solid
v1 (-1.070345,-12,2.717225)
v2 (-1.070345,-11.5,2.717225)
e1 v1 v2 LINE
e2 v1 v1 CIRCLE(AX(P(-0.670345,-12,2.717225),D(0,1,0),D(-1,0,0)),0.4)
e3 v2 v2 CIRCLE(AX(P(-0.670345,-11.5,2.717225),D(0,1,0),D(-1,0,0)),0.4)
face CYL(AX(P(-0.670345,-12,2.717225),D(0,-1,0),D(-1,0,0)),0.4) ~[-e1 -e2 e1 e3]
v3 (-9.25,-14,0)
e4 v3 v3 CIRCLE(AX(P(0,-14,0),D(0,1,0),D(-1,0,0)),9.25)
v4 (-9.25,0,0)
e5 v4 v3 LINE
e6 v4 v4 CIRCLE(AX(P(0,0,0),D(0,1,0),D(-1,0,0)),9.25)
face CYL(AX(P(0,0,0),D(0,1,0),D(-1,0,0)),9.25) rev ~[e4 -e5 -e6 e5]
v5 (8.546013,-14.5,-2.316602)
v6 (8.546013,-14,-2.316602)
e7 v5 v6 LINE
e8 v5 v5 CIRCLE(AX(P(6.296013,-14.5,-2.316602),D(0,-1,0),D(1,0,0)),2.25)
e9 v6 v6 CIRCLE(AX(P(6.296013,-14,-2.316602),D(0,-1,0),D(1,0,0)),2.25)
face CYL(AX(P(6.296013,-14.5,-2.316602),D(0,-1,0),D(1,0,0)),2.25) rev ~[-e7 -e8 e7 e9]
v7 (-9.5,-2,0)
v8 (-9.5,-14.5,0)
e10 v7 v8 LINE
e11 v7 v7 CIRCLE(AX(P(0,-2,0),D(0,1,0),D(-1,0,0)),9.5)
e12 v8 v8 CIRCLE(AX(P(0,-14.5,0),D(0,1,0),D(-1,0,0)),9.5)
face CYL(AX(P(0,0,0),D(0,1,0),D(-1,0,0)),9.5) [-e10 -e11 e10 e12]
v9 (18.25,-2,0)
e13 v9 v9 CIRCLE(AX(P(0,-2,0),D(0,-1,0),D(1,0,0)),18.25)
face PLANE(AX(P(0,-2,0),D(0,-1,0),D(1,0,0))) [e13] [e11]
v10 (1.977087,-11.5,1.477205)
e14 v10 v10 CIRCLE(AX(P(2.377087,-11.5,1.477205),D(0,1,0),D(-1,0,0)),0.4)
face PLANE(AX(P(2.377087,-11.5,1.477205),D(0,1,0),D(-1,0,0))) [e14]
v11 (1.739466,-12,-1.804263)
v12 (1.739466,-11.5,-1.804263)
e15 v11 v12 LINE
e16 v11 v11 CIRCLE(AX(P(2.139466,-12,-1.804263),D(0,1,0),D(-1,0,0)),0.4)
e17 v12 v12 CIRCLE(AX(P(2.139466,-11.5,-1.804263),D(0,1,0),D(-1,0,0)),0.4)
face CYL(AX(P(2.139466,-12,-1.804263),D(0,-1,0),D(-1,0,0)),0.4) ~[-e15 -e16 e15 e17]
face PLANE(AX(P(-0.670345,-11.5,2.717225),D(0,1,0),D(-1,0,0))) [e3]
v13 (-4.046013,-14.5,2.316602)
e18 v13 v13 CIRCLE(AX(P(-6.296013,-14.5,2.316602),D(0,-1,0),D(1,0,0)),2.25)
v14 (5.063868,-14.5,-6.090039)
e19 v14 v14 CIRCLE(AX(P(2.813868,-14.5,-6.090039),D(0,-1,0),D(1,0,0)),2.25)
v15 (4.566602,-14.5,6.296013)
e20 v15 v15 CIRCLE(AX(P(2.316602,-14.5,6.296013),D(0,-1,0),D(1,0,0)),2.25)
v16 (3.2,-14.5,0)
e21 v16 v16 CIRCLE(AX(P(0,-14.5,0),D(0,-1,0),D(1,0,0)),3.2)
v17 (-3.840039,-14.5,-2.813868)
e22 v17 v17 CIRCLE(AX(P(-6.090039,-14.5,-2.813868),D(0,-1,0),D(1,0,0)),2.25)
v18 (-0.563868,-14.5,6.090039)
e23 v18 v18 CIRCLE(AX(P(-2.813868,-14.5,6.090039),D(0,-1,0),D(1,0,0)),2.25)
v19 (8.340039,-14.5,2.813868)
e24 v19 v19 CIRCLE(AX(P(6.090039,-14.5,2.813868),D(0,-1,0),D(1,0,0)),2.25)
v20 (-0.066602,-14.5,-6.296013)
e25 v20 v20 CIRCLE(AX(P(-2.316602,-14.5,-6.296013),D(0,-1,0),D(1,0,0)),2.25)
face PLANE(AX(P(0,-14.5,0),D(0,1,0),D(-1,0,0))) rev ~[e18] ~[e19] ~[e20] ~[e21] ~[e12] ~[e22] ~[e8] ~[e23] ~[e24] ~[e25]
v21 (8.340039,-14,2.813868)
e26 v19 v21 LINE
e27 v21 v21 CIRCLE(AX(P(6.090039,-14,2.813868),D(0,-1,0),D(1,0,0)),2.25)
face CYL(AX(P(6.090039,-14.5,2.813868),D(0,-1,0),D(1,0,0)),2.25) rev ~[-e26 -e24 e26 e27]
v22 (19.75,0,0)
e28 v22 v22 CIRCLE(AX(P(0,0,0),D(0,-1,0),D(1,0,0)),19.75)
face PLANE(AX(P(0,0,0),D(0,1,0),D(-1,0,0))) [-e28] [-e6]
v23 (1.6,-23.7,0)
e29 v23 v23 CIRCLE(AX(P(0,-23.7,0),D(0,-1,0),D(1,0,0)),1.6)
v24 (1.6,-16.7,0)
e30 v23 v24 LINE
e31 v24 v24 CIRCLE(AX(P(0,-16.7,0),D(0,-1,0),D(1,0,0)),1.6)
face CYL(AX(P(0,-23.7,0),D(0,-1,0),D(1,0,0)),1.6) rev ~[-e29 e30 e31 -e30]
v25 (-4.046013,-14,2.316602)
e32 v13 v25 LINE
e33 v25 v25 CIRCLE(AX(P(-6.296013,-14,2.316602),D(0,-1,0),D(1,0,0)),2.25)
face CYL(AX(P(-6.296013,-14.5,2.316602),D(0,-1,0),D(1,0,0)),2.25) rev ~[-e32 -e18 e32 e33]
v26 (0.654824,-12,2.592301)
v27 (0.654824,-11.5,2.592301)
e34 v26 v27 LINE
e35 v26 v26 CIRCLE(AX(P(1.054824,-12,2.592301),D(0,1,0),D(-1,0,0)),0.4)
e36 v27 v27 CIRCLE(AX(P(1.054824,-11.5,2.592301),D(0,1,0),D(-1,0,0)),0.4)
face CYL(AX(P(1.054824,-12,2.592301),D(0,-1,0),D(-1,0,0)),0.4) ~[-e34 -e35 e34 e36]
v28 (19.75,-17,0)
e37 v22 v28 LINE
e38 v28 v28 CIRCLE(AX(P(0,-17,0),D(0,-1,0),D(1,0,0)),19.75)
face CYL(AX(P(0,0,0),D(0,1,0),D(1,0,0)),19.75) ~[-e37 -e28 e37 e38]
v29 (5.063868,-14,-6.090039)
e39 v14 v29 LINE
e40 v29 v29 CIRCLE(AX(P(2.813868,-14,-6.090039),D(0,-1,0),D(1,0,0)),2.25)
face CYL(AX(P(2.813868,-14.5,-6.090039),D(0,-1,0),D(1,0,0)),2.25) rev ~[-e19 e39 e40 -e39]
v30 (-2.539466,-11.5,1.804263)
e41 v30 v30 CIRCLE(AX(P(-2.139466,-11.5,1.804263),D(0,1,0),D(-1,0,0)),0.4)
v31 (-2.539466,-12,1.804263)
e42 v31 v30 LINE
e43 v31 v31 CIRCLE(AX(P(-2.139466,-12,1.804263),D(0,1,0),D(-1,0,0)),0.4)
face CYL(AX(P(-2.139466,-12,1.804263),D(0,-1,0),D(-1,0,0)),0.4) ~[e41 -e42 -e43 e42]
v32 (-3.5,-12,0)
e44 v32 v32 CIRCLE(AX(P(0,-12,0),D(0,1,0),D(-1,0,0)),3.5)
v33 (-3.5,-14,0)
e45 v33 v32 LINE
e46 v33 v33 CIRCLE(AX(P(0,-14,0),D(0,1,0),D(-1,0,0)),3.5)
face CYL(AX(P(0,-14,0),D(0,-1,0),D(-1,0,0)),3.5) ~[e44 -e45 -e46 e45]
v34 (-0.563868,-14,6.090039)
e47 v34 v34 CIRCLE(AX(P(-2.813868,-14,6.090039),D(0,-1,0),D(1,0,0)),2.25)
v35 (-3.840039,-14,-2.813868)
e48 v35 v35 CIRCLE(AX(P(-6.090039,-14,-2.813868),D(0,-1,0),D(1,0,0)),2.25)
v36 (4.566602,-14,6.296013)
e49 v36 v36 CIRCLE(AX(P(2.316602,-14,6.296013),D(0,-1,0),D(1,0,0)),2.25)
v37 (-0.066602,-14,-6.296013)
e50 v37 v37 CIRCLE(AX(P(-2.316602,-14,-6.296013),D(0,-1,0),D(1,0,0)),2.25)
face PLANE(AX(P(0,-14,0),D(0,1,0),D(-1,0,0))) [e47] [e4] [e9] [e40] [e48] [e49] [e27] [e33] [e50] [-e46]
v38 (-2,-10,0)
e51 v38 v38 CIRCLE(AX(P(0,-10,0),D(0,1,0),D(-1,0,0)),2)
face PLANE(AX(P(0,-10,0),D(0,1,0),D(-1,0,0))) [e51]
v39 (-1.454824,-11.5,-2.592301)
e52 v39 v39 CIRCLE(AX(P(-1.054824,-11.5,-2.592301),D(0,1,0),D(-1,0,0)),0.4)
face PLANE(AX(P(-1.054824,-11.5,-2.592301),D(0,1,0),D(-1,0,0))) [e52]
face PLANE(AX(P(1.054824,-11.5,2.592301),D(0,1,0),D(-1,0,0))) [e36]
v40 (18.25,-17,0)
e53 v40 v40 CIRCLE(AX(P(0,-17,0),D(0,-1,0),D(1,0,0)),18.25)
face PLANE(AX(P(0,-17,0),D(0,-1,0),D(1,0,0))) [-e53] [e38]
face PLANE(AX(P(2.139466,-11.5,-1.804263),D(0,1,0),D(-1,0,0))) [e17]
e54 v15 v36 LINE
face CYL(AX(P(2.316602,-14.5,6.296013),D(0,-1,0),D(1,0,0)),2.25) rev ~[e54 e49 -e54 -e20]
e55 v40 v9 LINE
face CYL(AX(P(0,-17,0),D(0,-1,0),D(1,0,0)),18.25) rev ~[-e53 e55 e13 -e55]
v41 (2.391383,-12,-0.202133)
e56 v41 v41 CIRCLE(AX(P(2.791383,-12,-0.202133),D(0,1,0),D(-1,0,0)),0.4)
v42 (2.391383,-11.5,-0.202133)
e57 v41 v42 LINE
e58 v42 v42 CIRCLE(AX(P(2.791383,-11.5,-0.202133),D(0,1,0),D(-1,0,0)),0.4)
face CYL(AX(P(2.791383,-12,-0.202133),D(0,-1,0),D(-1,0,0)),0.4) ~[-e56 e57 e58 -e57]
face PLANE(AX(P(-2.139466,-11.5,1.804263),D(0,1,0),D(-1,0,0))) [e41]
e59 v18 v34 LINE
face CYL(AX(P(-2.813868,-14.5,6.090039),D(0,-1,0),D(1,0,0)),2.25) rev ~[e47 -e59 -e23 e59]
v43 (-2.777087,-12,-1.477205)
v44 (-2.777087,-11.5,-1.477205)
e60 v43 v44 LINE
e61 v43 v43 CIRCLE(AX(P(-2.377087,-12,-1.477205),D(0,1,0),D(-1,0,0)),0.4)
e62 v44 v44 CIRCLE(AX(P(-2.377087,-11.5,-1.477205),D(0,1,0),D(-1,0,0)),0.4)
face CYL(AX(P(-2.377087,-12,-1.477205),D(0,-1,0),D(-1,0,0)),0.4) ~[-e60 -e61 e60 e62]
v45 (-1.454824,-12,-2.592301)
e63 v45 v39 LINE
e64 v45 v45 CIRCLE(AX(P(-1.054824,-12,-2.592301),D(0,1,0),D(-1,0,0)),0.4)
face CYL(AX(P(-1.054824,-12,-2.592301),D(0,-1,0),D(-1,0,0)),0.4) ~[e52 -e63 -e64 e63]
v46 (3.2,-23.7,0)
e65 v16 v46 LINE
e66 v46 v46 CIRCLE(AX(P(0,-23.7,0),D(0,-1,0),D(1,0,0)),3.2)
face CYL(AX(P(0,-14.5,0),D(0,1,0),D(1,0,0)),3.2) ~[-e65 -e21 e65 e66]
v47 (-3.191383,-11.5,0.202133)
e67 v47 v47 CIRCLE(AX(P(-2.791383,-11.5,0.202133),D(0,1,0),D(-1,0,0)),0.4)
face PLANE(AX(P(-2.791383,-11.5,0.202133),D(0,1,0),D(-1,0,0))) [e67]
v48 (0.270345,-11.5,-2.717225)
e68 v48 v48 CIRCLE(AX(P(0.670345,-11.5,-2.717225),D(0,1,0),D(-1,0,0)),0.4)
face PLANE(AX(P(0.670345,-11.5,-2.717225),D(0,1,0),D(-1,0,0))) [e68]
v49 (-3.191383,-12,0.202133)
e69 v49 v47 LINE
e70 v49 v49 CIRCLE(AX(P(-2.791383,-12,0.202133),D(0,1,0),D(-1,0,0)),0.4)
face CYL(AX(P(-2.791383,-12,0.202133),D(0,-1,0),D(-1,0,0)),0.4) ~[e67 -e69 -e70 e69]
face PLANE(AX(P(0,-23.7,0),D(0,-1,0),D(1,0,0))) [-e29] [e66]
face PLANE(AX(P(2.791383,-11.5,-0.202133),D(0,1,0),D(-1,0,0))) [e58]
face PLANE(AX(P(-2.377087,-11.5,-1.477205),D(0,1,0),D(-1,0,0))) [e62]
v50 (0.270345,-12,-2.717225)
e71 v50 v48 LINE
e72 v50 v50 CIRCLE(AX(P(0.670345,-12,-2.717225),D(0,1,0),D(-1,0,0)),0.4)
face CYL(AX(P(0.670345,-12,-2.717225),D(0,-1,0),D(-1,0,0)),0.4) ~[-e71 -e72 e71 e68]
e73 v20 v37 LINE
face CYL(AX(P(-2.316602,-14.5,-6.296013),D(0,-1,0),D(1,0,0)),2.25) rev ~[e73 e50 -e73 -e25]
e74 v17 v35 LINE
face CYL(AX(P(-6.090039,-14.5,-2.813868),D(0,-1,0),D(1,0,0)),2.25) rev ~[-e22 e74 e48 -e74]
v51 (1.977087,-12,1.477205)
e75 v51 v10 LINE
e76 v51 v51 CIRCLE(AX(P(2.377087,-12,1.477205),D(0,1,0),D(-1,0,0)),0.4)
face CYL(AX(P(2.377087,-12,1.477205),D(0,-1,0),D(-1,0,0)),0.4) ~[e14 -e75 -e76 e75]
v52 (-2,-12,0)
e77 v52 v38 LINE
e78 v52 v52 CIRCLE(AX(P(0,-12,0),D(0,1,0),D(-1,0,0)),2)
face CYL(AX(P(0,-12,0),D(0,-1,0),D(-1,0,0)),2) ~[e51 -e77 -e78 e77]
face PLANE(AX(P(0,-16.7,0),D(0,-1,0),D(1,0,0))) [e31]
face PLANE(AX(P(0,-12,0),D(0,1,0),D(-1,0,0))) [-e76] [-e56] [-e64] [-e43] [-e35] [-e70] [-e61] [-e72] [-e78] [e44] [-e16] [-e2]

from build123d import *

# Parameters (mm, degrees)
F0_R      = 19.75
F1_DEPTH  = 17
F2_R      = 18.25
F3_DEPTH  = 15
F4_R      = 9.5
F5_DEPTH  = 14.5
F6_R      = 9.25
F7_DEPTH  = 14
F8_R      = 3.2
F9_DEPTH  = 9.2
F10_R     = 1.6
F11_DEPTH = 7
F12_R     = 2.25
F13_DEPTH = 25.4
F14_R     = 3.5
F15_DEPTH = 2
F16_R     = 2
F17_DEPTH = 2
F18_R     = 0.4
F19_DEPTH = 0.5


with BuildPart() as f1:
    # F0 (on Front) → F1 (new body)
    with BuildSketch(Plane.XZ):
        Circle(F0_R)
    extrude(amount=F1_DEPTH)

    # F2 (on face) → F3 (cut)
    with BuildSketch(Plane.XZ.offset(17)):
        Circle(F2_R)
    extrude(amount=-F3_DEPTH, mode=Mode.SUBTRACT)

    # F4 (on face) → F5 (join)
    with BuildSketch(Plane(origin=(0, 0, 0), x_dir=(-1, 0, 0), z_dir=(0, 1, 0))):
        Circle(F4_R)
    extrude(amount=-F5_DEPTH)

    # F6 (on face) → F7 (cut)
    with BuildSketch(Plane(origin=(0, 0, 0), x_dir=(-1, 0, 0), z_dir=(0, 1, 0))):
        Circle(F6_R)
    extrude(amount=-F7_DEPTH, mode=Mode.SUBTRACT)

    # F8 (on face) → F9 (join)
    with BuildSketch(Plane.XZ.offset(14.5)):
        Circle(F8_R)
    extrude(amount=F9_DEPTH)

    # F10 (on face) → F11 (cut)
    with BuildSketch(Plane.XZ.offset(23.7)):
        Circle(F10_R)
    extrude(amount=-F11_DEPTH, mode=Mode.SUBTRACT)

    # F12 (on face) → F13 (cut)
    with BuildSketch(Plane.XZ.offset(14.5)):
        with Locations((-2.813868, 6.090039)):
            Circle(F12_R)
        with Locations((2.316602, 6.296013)):
            Circle(F12_R)
        with Locations((6.090039, 2.813868)):
            Circle(F12_R)
        with Locations((6.296013, -2.316602)):
            Circle(F12_R)
        with Locations((2.813868, -6.090039)):
            Circle(F12_R)
        with Locations((-2.316602, -6.296013)):
            Circle(F12_R)
        with Locations((-6.090039, -2.813868)):
            Circle(F12_R)
        with Locations((-6.296013, 2.316602)):
            Circle(F12_R)
    extrude(amount=-F13_DEPTH, mode=Mode.SUBTRACT)

    # F14 (on face) → F15 (join)
    with BuildSketch(Plane(origin=(0, -14, 0), x_dir=(-1, 0, 0), z_dir=(0, 1, 0))):
        Circle(F14_R)
    extrude(amount=F15_DEPTH)

    # F16 (on face) → F17 (join)
    with BuildSketch(Plane(origin=(0, -12, 0), x_dir=(-1, 0, 0), z_dir=(0, 1, 0))):
        Circle(F16_R)
    extrude(amount=F17_DEPTH)

    # F18 (on face) → F19 (join)
    with BuildSketch(Plane(origin=(0, -12, 0), x_dir=(-1, 0, 0), z_dir=(0, 1, 0))):
        with Locations((-2.139466, -1.804263)):
            Circle(F18_R)
        with Locations((-0.670345, -2.717225)):
            Circle(F18_R)
        with Locations((1.054824, -2.592301)):
            Circle(F18_R)
        with Locations((2.377087, -1.477205)):
            Circle(F18_R)
        with Locations((2.791383, 0.202133)):
            Circle(F18_R)
        with Locations((2.139466, 1.804263)):
            Circle(F18_R)
        with Locations((0.670345, 2.717225)):
            Circle(F18_R)
        with Locations((-1.054824, 2.592301)):
            Circle(F18_R)
        with Locations((-2.791383, -0.202133)):
            Circle(F18_R)
        with Locations((-2.377087, 1.477205)):
            Circle(F18_R)
    extrude(amount=F19_DEPTH)


solid = f1.part
